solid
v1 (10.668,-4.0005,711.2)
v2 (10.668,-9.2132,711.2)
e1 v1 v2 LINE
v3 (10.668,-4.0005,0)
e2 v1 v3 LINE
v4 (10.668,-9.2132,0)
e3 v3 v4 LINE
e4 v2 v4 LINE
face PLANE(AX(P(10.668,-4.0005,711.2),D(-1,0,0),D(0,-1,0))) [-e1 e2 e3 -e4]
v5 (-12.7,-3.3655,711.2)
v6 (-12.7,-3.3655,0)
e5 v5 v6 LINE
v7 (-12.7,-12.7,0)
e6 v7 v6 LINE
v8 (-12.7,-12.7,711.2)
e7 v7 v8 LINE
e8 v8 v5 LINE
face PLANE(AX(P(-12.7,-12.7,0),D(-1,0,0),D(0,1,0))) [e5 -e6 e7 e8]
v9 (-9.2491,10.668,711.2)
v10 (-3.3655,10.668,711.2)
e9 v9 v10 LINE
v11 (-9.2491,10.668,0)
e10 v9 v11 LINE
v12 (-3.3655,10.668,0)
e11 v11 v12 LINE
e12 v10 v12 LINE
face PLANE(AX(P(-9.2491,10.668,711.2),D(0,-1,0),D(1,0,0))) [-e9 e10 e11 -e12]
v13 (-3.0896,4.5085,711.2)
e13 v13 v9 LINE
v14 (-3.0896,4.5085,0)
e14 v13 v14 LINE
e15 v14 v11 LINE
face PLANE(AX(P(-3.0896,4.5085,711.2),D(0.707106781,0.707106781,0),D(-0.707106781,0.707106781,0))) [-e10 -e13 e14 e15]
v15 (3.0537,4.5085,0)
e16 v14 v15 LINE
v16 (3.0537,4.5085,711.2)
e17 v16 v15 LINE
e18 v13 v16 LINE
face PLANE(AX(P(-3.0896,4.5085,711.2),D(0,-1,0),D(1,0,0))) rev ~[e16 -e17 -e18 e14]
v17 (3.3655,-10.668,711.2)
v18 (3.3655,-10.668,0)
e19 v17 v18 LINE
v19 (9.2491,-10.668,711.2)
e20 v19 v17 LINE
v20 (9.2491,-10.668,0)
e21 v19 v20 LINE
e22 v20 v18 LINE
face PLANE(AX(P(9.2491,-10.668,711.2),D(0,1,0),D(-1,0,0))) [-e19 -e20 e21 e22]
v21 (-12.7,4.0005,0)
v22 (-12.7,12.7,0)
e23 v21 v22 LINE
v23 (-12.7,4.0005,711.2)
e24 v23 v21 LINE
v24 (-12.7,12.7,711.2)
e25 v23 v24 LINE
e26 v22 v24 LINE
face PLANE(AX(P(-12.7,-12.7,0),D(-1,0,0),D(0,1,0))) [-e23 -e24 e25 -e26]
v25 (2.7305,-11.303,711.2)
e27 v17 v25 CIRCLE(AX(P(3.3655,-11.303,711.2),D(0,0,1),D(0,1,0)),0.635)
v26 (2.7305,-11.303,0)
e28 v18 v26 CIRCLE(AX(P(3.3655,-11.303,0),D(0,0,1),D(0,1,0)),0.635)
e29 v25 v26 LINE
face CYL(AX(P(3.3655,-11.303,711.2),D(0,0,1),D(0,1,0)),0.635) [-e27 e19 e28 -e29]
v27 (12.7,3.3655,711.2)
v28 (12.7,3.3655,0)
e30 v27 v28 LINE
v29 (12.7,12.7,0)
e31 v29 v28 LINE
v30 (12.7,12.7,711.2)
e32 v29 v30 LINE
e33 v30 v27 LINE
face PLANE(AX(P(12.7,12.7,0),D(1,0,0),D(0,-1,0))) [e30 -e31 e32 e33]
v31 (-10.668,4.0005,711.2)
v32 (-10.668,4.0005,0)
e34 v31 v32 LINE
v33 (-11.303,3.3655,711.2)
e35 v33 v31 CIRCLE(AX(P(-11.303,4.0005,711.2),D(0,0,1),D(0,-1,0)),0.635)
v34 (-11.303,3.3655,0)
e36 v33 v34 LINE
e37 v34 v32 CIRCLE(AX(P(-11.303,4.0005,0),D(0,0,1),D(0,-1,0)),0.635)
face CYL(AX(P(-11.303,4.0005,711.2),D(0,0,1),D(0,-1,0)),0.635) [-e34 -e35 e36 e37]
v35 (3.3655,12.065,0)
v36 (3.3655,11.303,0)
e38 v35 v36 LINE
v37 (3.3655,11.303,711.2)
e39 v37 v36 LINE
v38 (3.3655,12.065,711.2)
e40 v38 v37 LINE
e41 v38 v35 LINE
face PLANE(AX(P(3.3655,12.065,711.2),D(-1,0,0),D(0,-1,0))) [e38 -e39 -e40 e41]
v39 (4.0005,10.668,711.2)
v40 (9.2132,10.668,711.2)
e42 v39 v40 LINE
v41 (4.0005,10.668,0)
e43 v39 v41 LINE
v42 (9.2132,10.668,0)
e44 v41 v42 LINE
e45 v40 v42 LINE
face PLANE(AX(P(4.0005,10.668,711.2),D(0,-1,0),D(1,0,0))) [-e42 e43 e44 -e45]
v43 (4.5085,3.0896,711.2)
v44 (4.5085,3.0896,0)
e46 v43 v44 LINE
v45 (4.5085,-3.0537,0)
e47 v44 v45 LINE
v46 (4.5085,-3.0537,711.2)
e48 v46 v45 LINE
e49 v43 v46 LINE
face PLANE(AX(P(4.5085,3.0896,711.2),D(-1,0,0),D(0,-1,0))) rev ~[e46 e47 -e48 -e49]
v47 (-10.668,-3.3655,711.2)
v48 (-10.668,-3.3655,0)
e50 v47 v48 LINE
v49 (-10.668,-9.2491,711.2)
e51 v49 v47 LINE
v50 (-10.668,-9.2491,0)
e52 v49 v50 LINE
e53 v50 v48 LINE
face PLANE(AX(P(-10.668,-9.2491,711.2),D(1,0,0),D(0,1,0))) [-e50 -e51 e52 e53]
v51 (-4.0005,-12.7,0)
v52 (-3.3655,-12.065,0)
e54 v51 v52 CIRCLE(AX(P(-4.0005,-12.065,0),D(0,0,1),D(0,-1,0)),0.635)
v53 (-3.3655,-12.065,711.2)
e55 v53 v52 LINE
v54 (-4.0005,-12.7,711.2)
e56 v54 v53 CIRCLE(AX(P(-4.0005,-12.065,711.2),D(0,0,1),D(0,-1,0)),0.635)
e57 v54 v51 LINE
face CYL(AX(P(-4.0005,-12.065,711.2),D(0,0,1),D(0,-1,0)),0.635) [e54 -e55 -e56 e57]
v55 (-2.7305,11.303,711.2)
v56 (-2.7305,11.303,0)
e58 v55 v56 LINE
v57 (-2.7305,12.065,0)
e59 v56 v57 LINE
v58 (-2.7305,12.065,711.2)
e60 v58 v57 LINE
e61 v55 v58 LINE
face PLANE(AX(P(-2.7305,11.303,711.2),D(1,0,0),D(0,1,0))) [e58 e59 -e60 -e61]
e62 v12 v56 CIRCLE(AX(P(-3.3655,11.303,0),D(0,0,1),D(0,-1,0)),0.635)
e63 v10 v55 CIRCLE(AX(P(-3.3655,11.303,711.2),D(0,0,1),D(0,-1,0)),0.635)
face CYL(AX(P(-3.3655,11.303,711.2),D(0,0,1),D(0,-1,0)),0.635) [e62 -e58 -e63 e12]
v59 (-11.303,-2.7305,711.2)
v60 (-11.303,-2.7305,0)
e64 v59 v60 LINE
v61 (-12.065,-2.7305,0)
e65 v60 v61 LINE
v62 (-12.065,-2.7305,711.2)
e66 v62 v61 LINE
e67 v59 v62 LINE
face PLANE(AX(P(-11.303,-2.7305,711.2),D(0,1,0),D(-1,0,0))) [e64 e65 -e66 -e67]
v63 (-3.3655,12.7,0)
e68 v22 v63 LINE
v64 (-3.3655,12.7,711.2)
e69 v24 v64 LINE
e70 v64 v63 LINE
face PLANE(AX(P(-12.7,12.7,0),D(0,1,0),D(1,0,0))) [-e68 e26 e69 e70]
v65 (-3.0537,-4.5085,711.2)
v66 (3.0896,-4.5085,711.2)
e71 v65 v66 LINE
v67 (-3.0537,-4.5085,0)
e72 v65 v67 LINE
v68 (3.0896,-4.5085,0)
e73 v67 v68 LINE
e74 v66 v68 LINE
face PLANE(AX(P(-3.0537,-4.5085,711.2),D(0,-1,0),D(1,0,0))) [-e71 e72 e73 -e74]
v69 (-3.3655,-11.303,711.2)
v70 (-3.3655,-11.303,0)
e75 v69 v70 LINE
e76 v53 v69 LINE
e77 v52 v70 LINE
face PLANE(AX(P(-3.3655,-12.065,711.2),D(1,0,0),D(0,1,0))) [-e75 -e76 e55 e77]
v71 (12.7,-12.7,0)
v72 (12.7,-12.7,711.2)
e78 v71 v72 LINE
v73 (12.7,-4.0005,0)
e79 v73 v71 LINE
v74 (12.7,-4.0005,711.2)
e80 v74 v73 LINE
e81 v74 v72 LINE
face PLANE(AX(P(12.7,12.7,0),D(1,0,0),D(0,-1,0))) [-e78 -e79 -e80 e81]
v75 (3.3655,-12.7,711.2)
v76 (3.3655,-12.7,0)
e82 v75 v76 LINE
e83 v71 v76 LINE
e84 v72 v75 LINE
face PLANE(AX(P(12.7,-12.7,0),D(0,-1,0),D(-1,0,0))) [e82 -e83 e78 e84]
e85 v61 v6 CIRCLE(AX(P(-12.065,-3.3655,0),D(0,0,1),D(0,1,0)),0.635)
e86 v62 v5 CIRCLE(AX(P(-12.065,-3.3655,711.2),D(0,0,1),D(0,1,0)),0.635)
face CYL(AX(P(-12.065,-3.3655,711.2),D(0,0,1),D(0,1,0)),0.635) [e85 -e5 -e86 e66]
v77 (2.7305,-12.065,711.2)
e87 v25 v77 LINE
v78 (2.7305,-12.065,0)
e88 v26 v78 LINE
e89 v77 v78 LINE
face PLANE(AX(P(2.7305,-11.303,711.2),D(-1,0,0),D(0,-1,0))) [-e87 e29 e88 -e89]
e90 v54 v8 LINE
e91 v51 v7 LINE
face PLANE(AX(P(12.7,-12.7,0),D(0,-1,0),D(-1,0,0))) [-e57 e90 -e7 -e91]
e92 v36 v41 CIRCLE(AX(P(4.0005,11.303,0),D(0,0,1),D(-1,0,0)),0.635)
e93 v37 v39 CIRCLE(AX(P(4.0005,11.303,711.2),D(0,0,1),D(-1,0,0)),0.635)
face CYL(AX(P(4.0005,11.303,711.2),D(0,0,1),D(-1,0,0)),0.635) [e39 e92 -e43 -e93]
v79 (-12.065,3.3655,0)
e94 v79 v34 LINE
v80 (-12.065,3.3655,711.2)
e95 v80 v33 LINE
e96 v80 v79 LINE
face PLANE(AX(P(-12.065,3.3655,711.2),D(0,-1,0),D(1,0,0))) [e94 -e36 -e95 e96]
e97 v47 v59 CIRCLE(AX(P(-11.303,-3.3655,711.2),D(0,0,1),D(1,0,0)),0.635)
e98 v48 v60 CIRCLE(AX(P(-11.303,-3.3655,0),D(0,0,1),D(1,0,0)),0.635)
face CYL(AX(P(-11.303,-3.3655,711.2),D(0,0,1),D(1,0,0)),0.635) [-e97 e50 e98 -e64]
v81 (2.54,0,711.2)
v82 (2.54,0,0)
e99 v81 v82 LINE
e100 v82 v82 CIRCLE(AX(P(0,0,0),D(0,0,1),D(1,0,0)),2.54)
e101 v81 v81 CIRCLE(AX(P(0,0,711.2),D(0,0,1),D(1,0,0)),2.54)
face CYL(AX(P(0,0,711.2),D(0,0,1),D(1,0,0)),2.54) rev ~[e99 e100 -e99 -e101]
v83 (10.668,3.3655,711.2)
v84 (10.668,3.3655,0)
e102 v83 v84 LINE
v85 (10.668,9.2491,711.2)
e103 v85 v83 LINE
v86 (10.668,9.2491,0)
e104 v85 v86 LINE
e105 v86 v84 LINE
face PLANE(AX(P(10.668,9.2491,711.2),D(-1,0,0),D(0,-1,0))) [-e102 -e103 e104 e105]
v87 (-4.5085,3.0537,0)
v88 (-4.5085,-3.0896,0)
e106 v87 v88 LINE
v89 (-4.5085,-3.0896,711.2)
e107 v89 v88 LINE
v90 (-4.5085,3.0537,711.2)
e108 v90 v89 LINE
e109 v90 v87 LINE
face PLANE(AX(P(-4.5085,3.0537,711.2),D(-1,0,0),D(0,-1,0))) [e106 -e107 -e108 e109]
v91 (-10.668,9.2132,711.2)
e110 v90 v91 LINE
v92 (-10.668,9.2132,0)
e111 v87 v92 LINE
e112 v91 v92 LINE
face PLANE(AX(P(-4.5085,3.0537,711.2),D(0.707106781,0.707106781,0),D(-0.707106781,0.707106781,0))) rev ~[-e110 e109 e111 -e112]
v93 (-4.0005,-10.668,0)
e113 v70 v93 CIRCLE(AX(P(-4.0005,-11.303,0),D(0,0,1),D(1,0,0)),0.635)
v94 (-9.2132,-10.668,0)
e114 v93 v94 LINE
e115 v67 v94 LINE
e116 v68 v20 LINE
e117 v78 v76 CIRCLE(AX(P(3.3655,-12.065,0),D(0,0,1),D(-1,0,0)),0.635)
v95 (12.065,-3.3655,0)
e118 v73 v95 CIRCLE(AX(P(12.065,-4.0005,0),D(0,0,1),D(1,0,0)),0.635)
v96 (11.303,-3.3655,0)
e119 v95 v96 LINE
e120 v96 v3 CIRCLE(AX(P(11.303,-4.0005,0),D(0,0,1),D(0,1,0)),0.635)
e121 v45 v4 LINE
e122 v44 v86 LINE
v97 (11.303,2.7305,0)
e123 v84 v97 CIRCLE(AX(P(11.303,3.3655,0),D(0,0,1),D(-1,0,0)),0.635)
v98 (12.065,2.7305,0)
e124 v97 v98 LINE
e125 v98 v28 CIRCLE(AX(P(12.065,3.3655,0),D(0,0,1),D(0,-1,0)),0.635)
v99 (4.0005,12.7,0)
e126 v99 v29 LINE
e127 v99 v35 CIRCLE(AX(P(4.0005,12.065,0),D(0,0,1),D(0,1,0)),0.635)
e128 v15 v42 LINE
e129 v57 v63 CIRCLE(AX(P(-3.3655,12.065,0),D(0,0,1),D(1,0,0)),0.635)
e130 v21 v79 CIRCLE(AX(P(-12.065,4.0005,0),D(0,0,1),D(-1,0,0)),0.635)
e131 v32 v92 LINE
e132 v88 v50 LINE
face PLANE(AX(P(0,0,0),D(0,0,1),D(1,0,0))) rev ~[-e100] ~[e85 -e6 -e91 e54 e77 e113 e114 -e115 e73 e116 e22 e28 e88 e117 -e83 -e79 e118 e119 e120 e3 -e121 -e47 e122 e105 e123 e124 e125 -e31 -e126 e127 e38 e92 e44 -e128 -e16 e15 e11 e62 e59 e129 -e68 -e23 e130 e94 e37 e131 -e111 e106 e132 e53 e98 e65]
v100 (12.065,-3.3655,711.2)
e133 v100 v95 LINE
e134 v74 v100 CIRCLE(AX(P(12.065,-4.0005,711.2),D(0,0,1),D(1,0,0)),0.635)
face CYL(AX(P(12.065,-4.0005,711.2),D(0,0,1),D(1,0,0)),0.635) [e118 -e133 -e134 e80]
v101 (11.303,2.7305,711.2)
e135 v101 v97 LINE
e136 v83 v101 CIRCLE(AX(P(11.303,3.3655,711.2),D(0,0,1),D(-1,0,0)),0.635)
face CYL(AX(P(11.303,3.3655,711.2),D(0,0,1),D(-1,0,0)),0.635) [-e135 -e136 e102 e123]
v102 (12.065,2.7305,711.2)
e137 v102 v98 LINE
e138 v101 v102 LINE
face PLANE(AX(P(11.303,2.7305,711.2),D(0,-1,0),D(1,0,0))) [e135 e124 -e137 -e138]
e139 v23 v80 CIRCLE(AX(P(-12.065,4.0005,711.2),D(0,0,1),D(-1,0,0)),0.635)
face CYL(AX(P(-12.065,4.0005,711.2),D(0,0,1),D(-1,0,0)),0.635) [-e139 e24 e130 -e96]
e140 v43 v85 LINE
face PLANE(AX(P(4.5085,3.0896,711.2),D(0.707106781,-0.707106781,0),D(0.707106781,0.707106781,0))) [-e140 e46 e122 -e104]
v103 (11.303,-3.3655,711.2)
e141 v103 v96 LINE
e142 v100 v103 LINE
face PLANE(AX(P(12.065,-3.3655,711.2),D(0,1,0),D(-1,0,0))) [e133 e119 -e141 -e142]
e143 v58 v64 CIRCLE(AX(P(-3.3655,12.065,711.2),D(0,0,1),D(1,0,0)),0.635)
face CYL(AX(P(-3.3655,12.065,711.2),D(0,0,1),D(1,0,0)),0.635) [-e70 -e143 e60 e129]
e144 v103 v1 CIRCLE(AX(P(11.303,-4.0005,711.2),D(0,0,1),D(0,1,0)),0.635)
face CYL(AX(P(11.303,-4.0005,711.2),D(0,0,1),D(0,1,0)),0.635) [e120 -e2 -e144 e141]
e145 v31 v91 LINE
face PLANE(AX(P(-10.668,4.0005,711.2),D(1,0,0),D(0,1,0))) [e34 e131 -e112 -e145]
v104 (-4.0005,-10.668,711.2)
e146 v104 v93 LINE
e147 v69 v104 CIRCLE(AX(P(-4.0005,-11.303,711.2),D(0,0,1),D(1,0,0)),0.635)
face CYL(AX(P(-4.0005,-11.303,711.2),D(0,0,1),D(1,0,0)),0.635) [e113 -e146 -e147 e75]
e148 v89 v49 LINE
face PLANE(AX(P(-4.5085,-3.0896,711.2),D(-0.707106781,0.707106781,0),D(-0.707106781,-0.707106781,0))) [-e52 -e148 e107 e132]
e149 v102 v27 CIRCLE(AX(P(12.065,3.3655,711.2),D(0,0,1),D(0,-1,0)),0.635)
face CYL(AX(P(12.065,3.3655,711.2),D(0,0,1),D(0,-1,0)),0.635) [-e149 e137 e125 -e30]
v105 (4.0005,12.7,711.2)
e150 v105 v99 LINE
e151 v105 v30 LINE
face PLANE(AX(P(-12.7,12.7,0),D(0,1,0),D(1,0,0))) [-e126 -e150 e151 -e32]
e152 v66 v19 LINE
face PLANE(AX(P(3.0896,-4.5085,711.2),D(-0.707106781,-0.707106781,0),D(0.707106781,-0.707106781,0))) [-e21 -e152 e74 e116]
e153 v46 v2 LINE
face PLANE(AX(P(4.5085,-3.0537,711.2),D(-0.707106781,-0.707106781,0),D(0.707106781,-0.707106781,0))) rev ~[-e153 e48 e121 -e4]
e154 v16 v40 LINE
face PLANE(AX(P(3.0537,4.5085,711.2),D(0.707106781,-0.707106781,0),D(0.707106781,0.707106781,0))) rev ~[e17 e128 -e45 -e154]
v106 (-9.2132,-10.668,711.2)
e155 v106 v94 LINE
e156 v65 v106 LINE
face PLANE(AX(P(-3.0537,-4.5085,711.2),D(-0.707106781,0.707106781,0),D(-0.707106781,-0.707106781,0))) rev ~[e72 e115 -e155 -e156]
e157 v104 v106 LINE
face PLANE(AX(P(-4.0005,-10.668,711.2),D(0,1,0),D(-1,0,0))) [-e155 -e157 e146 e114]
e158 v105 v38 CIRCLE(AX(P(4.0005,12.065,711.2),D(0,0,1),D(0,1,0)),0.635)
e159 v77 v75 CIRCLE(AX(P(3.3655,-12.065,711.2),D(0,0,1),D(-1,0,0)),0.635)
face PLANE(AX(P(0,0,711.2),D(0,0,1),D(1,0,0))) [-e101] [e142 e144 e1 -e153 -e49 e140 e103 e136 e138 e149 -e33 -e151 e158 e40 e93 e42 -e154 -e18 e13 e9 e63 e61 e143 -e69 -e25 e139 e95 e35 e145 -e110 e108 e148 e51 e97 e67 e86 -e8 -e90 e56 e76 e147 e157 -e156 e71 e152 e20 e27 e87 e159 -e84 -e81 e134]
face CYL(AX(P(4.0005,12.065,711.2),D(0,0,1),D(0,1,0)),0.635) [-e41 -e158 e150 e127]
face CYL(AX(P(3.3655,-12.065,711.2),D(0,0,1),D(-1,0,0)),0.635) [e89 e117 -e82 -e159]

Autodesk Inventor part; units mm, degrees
ref_plane "YZ Plane" through (0, 0, 0) normal (1, 0, 0) x (0, 1, 0)
ref_plane "XZ Plane" through (0, 0, 0) normal (0, 1, 0) x (-1, 0, 0)
ref_plane "XY Plane" through (0, 0, 0) normal (0, 0, 1) x (1, 0, 0)
sketch "Sketch1" plane through (0, 0, 0) normal (0, 0, 1) x (1, 0, 0)
  line L0 (-12.7, 12.7) -> (12.7, 12.7)
  line L1 (12.7, 12.7) -> (12.7, -12.7)
  line L2 (12.7, -12.7) -> (-12.7, -12.7)
  line L3 (-12.7, -12.7) -> (-12.7, 12.7)
  point P0 (0, 0)
  dimension "d0" = 25.4
  dimension "d1" = 25.4
  dimension "d2" = 12.7
  dimension "d3" = 12.7
extrude "Extrusion1" add sketch "Sketch1" along normal blind 711.2
sketch "Sketch2" plane through (0, 0, 711.2) normal (0, 0, 1) x (1, 0, 0)
  circle A0 centre (0, 0) radius 2.54
  line L0 (-4.5085, 4.5085) -> (4.5085, 4.5085)
  line L1 (-4.5085, -4.5085) -> (4.5085, -4.5085)
  line L2 (4.5085, 4.5085) -> (4.5085, -4.5085)
  line L3 (-4.5085, 4.5085) -> (-4.5085, -4.5085)
  line L4 (-3.0896, 4.5085) -> (-11.2811, 12.7)
  line L5 (-4.5085, 3.0537) -> (-12.7, 11.2452)
  line L6 (12.7, 12.7) -> (-12.7, 12.7) projected
  line L7 (-12.7, 12.7) -> (-12.7, 4.0005)
  line L8 (-10.668, 4.0005) -> (-10.668, 9.2132)
  line L9 (-9.2491, 10.668) -> (-3.3655, 10.668)
  line L10 (-12.7, 12.7) -> (-3.3655, 12.7)
  line L11 (-2.7305, 11.303) -> (-2.7305, 12.065)
  line L12 (-12.065, 3.3655) -> (-11.303, 3.3655)
  arc A1 (-12.7, 4.0005) -> (-12.065, 3.3655) centre (-12.065, 4.0005) ccw
  arc A2 (-11.303, 3.3655) -> (-10.668, 4.0005) centre (-11.303, 4.0005) ccw
  arc A3 (-3.3655, 10.668) -> (-2.7305, 11.303) centre (-3.3655, 11.303) ccw
  arc A4 (-2.7305, 12.065) -> (-3.3655, 12.7) centre (-3.3655, 12.065) ccw
  arc A5 (-3.3655, -11.303) -> (-4.0005, -10.668) centre (-4.0005, -11.303) ccw
  line L13 (-3.3655, -12.065) -> (-3.3655, -11.303)
  arc A6 (-4.0005, -12.7) -> (-3.3655, -12.065) centre (-4.0005, -12.065) ccw
  line L14 (-3.0537, -4.5085) -> (-11.2452, -12.7)
  line L15 (-10.668, -9.2491) -> (-10.668, -3.3655)
  line L16 (-4.5085, -3.0896) -> (-12.7, -11.2811)
  line L17 (-12.7, -12.7) -> (-12.7, -3.3655)
  arc A7 (-10.668, -3.3655) -> (-11.303, -2.7305) centre (-11.303, -3.3655) ccw
  line L18 (-11.303, -2.7305) -> (-12.065, -2.7305)
  arc A8 (-12.065, -2.7305) -> (-12.7, -3.3655) centre (-12.065, -3.3655) ccw
  line L19 (-4.0005, -10.668) -> (-9.2132, -10.668)
  line L20 (-12.7, -12.7) -> (-4.0005, -12.7)
  arc A9 (11.303, -3.3655) -> (10.668, -4.0005) centre (11.303, -4.0005) ccw
  line L21 (12.065, -3.3655) -> (11.303, -3.3655)
  arc A10 (12.7, -4.0005) -> (12.065, -3.3655) centre (12.065, -4.0005) ccw
  line L22 (4.5085, -3.0537) -> (12.7, -11.2452)
  line L23 (9.2491, -10.668) -> (3.3655, -10.668)
  line L24 (3.0896, -4.5085) -> (11.2811, -12.7)
  line L25 (12.7, -12.7) -> (3.3655, -12.7)
  arc A11 (3.3655, -10.668) -> (2.7305, -11.303) centre (3.3655, -11.303) ccw
  line L26 (2.7305, -11.303) -> (2.7305, -12.065)
  arc A12 (2.7305, -12.065) -> (3.3655, -12.7) centre (3.3655, -12.065) ccw
  line L27 (10.668, -4.0005) -> (10.668, -9.2132)
  line L28 (12.7, -12.7) -> (12.7, -4.0005)
  arc A13 (3.3655, 11.303) -> (4.0005, 10.668) centre (4.0005, 11.303) ccw
  line L29 (3.3655, 12.065) -> (3.3655, 11.303)
  arc A14 (4.0005, 12.7) -> (3.3655, 12.065) centre (4.0005, 12.065) ccw
  line L30 (3.0537, 4.5085) -> (11.2452, 12.7)
  line L31 (10.668, 9.2491) -> (10.668, 3.3655)
  line L32 (4.5085, 3.0896) -> (12.7, 11.2811)
  line L33 (12.7, 12.7) -> (12.7, 3.3655)
  arc A15 (10.668, 3.3655) -> (11.303, 2.7305) centre (11.303, 3.3655) ccw
  line L34 (11.303, 2.7305) -> (12.065, 2.7305)
  arc A16 (12.065, 2.7305) -> (12.7, 3.3655) centre (12.065, 3.3655) ccw
  line L35 (4.0005, 10.668) -> (9.2132, 10.668)
  line L36 (12.7, 12.7) -> (4.0005, 12.7)
  line L37 (-4.5085, 3.0537) -> (-4.5085, 4.5085)
  line L38 (-3.0896, 4.5085) -> (-4.5085, 4.5085)
  line L39 (-12.7, -12.7) -> (-4.0005, -12.7)
  line L40 (-4.0005, -10.668) -> (-9.2132, -10.668)
  line L41 (-10.668, -9.2491) -> (-10.668, -3.3655)
  line L42 (-12.7, -12.7) -> (-12.7, -3.3655)
  line L43 (-11.303, -2.7305) -> (-12.065, -2.7305)
  arc A17 (-10.668, -3.3655) -> (-11.303, -2.7305) centre (-11.303, -3.3655) ccw
  arc A18 (-12.065, -2.7305) -> (-12.7, -3.3655) centre (-12.065, -3.3655) ccw
  line L44 (-4.5085, -3.0896) -> (-4.5085, -4.5085)
  line L45 (-4.5085, -3.0896) -> (-12.7, -11.2811)
  line L46 (-3.0537, -4.5085) -> (-4.5085, -4.5085)
  line L47 (-3.0537, -4.5085) -> (-11.2452, -12.7)
  line L48 (-4.5085, -4.5085) -> (-4.5085, 4.5085)
  circle A19 centre (0, 0) radius 2.54
  line L49 (-4.5085, -4.5085) -> (4.5085, -4.5085)
  line L50 (-3.3655, -12.065) -> (-3.3655, -11.303)
  arc A20 (-4.0005, -12.7) -> (-3.3655, -12.065) centre (-4.0005, -12.065) ccw
  arc A21 (-3.3655, -11.303) -> (-4.0005, -10.668) centre (-4.0005, -11.303) ccw
  line L51 (12.7, -12.7) -> (12.7, -4.0005)
  line L52 (10.668, -4.0005) -> (10.668, -9.2132)
  line L53 (9.2491, -10.668) -> (3.3655, -10.668)
  line L54 (12.7, -12.7) -> (3.3655, -12.7)
  line L55 (2.7305, -11.303) -> (2.7305, -12.065)
  arc A22 (3.3655, -10.668) -> (2.7305, -11.303) centre (3.3655, -11.303) ccw
  arc A23 (2.7305, -12.065) -> (3.3655, -12.7) centre (3.3655, -12.065) ccw
  line L56 (3.0896, -4.5085) -> (4.5085, -4.5085)
  line L57 (3.0896, -4.5085) -> (11.2811, -12.7)
  line L58 (4.5085, -3.0537) -> (4.5085, -4.5085)
  line L59 (4.5085, -3.0537) -> (12.7, -11.2452)
  line L60 (4.5085, -4.5085) -> (-4.5085, -4.5085)
  circle A24 centre (0, 0) radius 2.54
  line L61 (4.5085, -4.5085) -> (4.5085, 4.5085)
  line L62 (12.065, -3.3655) -> (11.303, -3.3655)
  arc A25 (12.7, -4.0005) -> (12.065, -3.3655) centre (12.065, -4.0005) ccw
  arc A26 (11.303, -3.3655) -> (10.668, -4.0005) centre (11.303, -4.0005) ccw
  line L63 (12.7, 12.7) -> (4.0005, 12.7)
  line L64 (4.0005, 10.668) -> (9.2132, 10.668)
  line L65 (10.668, 9.2491) -> (10.668, 3.3655)
  line L66 (12.7, 12.7) -> (12.7, 3.3655)
  line L67 (11.303, 2.7305) -> (12.065, 2.7305)
  arc A27 (10.668, 3.3655) -> (11.303, 2.7305) centre (11.303, 3.3655) ccw
  arc A28 (12.065, 2.7305) -> (12.7, 3.3655) centre (12.065, 3.3655) ccw
  line L68 (4.5085, 3.0896) -> (4.5085, 4.5085)
  line L69 (4.5085, 3.0896) -> (12.7, 11.2811)
  line L70 (3.0537, 4.5085) -> (4.5085, 4.5085)
  line L71 (3.0537, 4.5085) -> (11.2452, 12.7)
  line L72 (4.5085, 4.5085) -> (4.5085, -4.5085)
  circle A29 centre (0, 0) radius 2.54
  line L73 (4.5085, 4.5085) -> (-4.5085, 4.5085)
  line L74 (3.3655, 12.065) -> (3.3655, 11.303)
  arc A30 (4.0005, 12.7) -> (3.3655, 12.065) centre (4.0005, 12.065) ccw
  arc A31 (3.3655, 11.303) -> (4.0005, 10.668) centre (4.0005, 11.303) ccw
  point P0 (-12.7, 3.3655)
  point P1 (-2.7305, 12.7)
  point P2 (-3.3655, -12.7)
  point P3 (-12.7, -2.7305)
  point P4 (12.7, -3.3655)
  point P5 (2.7305, -12.7)
  point P6 (3.3655, 12.7)
  point P7 (12.7, 2.7305)
  point P8 (-3.3655, -12.7)
  point P9 (-12.7, -2.7305)
  point P10 (12.7, -3.3655)
  point P11 (2.7305, -12.7)
  point P12 (3.3655, 12.7)
  point P13 (12.7, 2.7305)
  dimension "d6" = 5.08
  dimension "d7" = 9.017
  dimension "d8" = 4.5085
  dimension "d9" = 4.5085
  dimension "d10" = 4.5085
  dimension "d11" = 2.032
  dimension "d12" = 1.0033
  dimension "d13" = 135
  dimension "d17" = 9.3345
  dimension "d19" = 2.032
  dimension "d20" = 2.032
  dimension "d21" = 0.635
  dimension "d22" = 9.3345
  dimension "d25" = 360
  dimension "d29" = 360
extrude "Extrusion2" cut sketch "Sketch2" against normal blind 1219.2 contours L3 L5 L7 L6 L4 L0 | L0 L2 L1 L3 | L30 L6 L33 L32 L2 L0 | L4 L6 A4 L11 A3 L9 | L3 L1 L14 L20 L17 L16 | L8 A2 L12 A1 L7 L5 | L35 A13 L29 A14 L6 L30 | L16 L17 A8 L18 A7 L15 | L22 L28 L25 L24 L1 L2 | L32 L33 A16 L34 A15 L31 | L19 A5 L13 A6 L20 L14 | L27 A9 L21 A10 L28 L22 | L24 L25 A12 L26 A11 L23 keep common part
equation "\"d22\" = d17"
properties part number "Horizontal width piece"
